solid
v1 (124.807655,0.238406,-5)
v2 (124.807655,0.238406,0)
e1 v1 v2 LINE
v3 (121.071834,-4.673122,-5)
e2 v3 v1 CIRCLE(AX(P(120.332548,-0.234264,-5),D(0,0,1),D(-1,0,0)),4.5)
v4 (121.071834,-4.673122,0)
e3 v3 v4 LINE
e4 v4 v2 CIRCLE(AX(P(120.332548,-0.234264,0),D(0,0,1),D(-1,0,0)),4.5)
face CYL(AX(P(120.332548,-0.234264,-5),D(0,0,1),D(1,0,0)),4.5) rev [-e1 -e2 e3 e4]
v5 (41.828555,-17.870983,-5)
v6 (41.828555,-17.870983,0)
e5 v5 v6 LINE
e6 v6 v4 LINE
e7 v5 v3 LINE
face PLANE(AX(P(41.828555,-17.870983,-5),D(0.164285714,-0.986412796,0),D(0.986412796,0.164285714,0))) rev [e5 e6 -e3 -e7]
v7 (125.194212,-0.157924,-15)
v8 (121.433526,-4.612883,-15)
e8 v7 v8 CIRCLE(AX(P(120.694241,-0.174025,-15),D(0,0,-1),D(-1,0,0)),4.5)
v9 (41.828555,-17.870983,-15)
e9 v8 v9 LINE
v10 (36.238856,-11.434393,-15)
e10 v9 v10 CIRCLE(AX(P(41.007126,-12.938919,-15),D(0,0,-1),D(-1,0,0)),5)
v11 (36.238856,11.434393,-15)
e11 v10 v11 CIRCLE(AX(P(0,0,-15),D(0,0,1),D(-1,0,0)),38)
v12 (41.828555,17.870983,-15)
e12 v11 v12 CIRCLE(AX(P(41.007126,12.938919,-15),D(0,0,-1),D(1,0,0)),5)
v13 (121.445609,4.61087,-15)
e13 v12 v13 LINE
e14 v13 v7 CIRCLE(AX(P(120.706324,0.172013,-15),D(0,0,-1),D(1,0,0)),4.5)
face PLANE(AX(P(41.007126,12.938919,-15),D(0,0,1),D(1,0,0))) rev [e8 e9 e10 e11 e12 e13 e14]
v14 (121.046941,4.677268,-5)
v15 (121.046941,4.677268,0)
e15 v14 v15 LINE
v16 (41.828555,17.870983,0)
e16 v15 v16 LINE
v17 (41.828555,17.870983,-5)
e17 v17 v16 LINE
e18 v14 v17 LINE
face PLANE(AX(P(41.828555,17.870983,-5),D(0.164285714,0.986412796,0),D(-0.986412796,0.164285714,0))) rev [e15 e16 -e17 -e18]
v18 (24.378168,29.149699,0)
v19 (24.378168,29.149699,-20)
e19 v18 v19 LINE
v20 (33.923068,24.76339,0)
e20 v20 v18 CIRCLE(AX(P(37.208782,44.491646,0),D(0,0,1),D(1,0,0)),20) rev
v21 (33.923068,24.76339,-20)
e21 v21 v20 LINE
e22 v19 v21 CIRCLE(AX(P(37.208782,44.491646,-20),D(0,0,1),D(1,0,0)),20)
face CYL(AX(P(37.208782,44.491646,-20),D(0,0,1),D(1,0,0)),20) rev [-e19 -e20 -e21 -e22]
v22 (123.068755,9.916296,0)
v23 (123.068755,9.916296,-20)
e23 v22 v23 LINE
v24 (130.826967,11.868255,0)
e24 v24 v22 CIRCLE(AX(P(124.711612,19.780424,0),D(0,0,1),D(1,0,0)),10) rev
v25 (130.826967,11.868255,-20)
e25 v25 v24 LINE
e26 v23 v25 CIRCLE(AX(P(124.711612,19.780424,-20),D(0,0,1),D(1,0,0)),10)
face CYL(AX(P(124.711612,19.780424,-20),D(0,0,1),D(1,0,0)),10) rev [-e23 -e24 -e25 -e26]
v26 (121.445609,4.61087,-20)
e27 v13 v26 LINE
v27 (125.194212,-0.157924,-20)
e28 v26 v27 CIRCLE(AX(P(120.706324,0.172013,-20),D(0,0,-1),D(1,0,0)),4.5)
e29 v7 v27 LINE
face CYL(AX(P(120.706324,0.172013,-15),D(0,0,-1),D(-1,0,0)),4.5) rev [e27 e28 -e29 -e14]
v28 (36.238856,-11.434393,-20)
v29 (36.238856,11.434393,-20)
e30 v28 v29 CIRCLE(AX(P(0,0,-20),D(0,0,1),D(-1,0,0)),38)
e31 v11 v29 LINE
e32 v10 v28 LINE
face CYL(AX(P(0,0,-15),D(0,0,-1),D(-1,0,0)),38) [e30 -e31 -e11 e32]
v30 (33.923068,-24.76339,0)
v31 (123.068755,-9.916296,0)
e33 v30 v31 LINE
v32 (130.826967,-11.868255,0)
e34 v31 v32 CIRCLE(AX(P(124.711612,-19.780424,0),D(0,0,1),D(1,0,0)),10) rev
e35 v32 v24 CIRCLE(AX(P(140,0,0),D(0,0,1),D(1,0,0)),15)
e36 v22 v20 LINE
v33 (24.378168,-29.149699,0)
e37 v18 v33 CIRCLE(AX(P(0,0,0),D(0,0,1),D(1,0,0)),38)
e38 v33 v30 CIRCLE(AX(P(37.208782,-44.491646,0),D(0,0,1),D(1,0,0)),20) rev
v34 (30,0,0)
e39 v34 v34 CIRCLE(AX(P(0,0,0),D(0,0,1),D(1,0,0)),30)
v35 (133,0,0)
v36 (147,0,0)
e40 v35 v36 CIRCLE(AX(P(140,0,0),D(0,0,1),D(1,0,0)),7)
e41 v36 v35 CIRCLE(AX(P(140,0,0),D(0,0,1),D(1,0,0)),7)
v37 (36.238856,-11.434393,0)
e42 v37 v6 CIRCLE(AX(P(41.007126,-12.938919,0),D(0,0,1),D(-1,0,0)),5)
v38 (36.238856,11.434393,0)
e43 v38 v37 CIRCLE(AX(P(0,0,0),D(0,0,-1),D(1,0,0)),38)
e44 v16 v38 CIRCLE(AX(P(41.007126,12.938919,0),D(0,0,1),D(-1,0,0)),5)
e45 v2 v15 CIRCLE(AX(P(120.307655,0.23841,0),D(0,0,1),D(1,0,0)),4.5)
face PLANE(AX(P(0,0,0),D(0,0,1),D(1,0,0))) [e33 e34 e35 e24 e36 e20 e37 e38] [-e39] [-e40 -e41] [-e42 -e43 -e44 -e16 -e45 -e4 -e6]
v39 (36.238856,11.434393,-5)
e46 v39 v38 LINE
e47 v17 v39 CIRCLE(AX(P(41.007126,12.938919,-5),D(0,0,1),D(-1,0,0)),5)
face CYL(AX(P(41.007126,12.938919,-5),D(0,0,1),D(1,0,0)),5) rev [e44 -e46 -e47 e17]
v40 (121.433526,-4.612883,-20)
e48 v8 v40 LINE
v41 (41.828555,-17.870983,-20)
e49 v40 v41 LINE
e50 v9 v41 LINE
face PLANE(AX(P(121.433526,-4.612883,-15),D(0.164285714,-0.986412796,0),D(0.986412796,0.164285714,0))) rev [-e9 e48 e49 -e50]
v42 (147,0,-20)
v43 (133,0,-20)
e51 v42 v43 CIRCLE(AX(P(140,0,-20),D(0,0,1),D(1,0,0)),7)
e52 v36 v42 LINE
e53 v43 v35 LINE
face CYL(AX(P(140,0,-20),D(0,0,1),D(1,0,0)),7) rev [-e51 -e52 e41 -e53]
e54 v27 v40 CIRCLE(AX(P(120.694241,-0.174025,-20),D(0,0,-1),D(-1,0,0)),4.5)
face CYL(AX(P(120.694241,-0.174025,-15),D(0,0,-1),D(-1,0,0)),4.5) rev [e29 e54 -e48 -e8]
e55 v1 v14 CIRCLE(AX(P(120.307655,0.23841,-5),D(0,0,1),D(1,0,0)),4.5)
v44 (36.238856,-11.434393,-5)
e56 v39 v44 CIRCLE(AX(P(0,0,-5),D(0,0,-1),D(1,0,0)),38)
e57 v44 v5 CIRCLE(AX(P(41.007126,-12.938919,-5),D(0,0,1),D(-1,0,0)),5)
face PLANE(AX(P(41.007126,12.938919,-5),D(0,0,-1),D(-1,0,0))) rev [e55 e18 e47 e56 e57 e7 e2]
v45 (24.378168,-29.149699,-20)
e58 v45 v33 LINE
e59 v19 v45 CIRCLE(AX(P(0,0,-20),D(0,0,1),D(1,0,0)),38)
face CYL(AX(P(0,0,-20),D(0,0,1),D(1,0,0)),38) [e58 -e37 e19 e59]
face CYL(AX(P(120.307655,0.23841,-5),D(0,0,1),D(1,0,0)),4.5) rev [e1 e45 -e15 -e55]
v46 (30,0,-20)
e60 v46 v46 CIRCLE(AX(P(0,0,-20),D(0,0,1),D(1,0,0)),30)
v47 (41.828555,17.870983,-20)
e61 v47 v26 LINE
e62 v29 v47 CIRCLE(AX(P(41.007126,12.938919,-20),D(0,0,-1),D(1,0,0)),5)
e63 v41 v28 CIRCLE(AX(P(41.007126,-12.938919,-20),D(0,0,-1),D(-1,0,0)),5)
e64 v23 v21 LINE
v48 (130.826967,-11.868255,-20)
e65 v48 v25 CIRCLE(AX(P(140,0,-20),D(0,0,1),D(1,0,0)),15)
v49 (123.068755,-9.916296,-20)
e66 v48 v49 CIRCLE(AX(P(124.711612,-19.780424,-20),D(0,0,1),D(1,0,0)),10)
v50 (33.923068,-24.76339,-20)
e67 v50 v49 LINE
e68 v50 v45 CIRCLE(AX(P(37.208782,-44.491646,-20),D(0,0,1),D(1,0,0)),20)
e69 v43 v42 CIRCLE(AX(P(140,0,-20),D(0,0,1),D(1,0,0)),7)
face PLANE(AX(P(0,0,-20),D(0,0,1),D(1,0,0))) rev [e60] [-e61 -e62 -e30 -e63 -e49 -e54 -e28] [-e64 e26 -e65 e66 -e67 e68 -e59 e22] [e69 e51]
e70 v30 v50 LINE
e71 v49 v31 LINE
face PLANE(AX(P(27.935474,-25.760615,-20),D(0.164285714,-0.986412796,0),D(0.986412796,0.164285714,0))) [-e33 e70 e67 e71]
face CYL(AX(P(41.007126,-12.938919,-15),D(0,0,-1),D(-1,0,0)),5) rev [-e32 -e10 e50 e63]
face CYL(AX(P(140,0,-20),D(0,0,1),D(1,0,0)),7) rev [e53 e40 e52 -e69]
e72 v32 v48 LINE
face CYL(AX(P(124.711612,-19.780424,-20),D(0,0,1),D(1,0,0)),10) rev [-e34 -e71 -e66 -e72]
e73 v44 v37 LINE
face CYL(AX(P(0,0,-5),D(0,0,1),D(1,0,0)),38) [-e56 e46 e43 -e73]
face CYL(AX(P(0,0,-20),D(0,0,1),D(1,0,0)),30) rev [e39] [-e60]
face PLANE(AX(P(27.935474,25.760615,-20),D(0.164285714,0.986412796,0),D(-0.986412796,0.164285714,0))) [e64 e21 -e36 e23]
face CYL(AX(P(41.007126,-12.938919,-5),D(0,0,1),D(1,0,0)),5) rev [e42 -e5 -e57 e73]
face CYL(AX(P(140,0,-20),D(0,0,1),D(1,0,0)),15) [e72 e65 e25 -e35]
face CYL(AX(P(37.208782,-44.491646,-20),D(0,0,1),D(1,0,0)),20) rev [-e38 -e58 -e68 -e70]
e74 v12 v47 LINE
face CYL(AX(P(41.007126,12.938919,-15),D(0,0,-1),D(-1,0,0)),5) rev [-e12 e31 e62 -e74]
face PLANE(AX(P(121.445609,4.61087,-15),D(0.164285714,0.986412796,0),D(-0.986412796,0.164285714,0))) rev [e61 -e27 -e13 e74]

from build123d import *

# Parameters (mm, degrees)
SKETCH1_R          = 30
SKETCH1_R_2        = 7
BASE_EXTRUDE_DEPTH = 20
FILLET1_R          = 10
FILLET2_R          = 20
CUT_EXTRUDE1_DEPTH = 5
CUT_EXTRUDE2_DEPTH = 5


with BuildPart() as part:
    # Sketch1 → Base-Extrude (new body)
    with BuildSketch(Plane.XY):
        with BuildLine():
            Line((27.935473676, 25.760615491), (128.063755469, 9.084385863))
            ThreePointArc((128.063755469, 9.084385863), (155, 0), (128.063755469, -9.084385863))
            Line((128.063755469, -9.084385863), (27.935473676, -25.760615491))
            ThreePointArc((27.935473676, -25.760615491), (-38, 0), (27.935473676, 25.760615491))
        make_face()
        Circle(SKETCH1_R, mode=Mode.SUBTRACT)
        with Locations((140, 0)):
            Circle(SKETCH1_R_2, mode=Mode.SUBTRACT)
    extrude(amount=-BASE_EXTRUDE_DEPTH)

    # Fillet1
    fillet1_edges = [part.edges().sort_by_distance(p)[0] for p in [
        (128.063755469, 9.084385863, -10),
        (128.063755469, -9.084385863, -10),
    ]]
    fillet(fillet1_edges, radius=FILLET1_R)

    # Fillet2
    fillet2_edges = [part.edges().sort_by_distance(p)[0] for p in [
        (27.935473676, 25.760615491, -10),
        (27.935473676, -25.760615491, -10),
    ]]
    fillet(fillet2_edges, radius=FILLET2_R)

    # Sketch2 → Cut-Extrude1 (cut)
    with BuildSketch(Plane.XY):
        with BuildLine():
            Line((41.828554558, 17.870982725), (121.046940728, 4.677267873))
            ThreePointArc((121.046940728, 4.677267873), (123.741079282, 3.147292859), (124.807655013, 0.238406077))
            ThreePointArc((124.807655013, 0.238406077), (123.914202634, -2.958553332), (121.071833732, -4.673121977))
            Line((121.071833732, -4.673121977), (41.828554558, -17.870982725))
            ThreePointArc((41.828554558, -17.870982725), (37.231968897, -16.217361812), (36.238855523, -11.43439331))
            ThreePointArc((36.238855523, -11.43439331), (38, 0), (36.238855523, 11.43439331))
            ThreePointArc((36.238855523, 11.43439331), (37.231968897, 16.217361812), (41.828554558, 17.870982725))
        make_face()
    extrude(amount=-CUT_EXTRUDE1_DEPTH, mode=Mode.SUBTRACT)

    # Sketch3 → Cut-Extrude2 (cut)
    with BuildSketch(Plane(origin=(0, 0, -20), x_dir=(-1, 0, 0), z_dir=(0, 0, -1))):
        with BuildLine():
            Line((-121.445609231, 4.610870174), (-41.828554558, 17.870982725))
            ThreePointArc((-41.828554558, 17.870982725), (-37.231968897, 16.217361812), (-36.238855523, 11.43439331))
            ThreePointArc((-36.238855523, 11.43439331), (-38, 0), (-36.238855523, -11.43439331))
            ThreePointArc((-36.238855523, -11.43439331), (-37.231968897, -16.217361812), (-41.828554558, -17.870982725))
            Line((-41.828554558, -17.870982725), (-121.433526351, -4.612882562))
            ThreePointArc((-121.433526351, -4.612882562), (-124.132861899, -3.076762276), (-125.194211834, -0.157924451))
            ThreePointArc((-125.194211834, -0.157924451), (-124.244145959, 2.952985869), (-121.445609231, 4.610870174))
        make_face()
    extrude(amount=-CUT_EXTRUDE2_DEPTH, mode=Mode.SUBTRACT)


solid = part.part
